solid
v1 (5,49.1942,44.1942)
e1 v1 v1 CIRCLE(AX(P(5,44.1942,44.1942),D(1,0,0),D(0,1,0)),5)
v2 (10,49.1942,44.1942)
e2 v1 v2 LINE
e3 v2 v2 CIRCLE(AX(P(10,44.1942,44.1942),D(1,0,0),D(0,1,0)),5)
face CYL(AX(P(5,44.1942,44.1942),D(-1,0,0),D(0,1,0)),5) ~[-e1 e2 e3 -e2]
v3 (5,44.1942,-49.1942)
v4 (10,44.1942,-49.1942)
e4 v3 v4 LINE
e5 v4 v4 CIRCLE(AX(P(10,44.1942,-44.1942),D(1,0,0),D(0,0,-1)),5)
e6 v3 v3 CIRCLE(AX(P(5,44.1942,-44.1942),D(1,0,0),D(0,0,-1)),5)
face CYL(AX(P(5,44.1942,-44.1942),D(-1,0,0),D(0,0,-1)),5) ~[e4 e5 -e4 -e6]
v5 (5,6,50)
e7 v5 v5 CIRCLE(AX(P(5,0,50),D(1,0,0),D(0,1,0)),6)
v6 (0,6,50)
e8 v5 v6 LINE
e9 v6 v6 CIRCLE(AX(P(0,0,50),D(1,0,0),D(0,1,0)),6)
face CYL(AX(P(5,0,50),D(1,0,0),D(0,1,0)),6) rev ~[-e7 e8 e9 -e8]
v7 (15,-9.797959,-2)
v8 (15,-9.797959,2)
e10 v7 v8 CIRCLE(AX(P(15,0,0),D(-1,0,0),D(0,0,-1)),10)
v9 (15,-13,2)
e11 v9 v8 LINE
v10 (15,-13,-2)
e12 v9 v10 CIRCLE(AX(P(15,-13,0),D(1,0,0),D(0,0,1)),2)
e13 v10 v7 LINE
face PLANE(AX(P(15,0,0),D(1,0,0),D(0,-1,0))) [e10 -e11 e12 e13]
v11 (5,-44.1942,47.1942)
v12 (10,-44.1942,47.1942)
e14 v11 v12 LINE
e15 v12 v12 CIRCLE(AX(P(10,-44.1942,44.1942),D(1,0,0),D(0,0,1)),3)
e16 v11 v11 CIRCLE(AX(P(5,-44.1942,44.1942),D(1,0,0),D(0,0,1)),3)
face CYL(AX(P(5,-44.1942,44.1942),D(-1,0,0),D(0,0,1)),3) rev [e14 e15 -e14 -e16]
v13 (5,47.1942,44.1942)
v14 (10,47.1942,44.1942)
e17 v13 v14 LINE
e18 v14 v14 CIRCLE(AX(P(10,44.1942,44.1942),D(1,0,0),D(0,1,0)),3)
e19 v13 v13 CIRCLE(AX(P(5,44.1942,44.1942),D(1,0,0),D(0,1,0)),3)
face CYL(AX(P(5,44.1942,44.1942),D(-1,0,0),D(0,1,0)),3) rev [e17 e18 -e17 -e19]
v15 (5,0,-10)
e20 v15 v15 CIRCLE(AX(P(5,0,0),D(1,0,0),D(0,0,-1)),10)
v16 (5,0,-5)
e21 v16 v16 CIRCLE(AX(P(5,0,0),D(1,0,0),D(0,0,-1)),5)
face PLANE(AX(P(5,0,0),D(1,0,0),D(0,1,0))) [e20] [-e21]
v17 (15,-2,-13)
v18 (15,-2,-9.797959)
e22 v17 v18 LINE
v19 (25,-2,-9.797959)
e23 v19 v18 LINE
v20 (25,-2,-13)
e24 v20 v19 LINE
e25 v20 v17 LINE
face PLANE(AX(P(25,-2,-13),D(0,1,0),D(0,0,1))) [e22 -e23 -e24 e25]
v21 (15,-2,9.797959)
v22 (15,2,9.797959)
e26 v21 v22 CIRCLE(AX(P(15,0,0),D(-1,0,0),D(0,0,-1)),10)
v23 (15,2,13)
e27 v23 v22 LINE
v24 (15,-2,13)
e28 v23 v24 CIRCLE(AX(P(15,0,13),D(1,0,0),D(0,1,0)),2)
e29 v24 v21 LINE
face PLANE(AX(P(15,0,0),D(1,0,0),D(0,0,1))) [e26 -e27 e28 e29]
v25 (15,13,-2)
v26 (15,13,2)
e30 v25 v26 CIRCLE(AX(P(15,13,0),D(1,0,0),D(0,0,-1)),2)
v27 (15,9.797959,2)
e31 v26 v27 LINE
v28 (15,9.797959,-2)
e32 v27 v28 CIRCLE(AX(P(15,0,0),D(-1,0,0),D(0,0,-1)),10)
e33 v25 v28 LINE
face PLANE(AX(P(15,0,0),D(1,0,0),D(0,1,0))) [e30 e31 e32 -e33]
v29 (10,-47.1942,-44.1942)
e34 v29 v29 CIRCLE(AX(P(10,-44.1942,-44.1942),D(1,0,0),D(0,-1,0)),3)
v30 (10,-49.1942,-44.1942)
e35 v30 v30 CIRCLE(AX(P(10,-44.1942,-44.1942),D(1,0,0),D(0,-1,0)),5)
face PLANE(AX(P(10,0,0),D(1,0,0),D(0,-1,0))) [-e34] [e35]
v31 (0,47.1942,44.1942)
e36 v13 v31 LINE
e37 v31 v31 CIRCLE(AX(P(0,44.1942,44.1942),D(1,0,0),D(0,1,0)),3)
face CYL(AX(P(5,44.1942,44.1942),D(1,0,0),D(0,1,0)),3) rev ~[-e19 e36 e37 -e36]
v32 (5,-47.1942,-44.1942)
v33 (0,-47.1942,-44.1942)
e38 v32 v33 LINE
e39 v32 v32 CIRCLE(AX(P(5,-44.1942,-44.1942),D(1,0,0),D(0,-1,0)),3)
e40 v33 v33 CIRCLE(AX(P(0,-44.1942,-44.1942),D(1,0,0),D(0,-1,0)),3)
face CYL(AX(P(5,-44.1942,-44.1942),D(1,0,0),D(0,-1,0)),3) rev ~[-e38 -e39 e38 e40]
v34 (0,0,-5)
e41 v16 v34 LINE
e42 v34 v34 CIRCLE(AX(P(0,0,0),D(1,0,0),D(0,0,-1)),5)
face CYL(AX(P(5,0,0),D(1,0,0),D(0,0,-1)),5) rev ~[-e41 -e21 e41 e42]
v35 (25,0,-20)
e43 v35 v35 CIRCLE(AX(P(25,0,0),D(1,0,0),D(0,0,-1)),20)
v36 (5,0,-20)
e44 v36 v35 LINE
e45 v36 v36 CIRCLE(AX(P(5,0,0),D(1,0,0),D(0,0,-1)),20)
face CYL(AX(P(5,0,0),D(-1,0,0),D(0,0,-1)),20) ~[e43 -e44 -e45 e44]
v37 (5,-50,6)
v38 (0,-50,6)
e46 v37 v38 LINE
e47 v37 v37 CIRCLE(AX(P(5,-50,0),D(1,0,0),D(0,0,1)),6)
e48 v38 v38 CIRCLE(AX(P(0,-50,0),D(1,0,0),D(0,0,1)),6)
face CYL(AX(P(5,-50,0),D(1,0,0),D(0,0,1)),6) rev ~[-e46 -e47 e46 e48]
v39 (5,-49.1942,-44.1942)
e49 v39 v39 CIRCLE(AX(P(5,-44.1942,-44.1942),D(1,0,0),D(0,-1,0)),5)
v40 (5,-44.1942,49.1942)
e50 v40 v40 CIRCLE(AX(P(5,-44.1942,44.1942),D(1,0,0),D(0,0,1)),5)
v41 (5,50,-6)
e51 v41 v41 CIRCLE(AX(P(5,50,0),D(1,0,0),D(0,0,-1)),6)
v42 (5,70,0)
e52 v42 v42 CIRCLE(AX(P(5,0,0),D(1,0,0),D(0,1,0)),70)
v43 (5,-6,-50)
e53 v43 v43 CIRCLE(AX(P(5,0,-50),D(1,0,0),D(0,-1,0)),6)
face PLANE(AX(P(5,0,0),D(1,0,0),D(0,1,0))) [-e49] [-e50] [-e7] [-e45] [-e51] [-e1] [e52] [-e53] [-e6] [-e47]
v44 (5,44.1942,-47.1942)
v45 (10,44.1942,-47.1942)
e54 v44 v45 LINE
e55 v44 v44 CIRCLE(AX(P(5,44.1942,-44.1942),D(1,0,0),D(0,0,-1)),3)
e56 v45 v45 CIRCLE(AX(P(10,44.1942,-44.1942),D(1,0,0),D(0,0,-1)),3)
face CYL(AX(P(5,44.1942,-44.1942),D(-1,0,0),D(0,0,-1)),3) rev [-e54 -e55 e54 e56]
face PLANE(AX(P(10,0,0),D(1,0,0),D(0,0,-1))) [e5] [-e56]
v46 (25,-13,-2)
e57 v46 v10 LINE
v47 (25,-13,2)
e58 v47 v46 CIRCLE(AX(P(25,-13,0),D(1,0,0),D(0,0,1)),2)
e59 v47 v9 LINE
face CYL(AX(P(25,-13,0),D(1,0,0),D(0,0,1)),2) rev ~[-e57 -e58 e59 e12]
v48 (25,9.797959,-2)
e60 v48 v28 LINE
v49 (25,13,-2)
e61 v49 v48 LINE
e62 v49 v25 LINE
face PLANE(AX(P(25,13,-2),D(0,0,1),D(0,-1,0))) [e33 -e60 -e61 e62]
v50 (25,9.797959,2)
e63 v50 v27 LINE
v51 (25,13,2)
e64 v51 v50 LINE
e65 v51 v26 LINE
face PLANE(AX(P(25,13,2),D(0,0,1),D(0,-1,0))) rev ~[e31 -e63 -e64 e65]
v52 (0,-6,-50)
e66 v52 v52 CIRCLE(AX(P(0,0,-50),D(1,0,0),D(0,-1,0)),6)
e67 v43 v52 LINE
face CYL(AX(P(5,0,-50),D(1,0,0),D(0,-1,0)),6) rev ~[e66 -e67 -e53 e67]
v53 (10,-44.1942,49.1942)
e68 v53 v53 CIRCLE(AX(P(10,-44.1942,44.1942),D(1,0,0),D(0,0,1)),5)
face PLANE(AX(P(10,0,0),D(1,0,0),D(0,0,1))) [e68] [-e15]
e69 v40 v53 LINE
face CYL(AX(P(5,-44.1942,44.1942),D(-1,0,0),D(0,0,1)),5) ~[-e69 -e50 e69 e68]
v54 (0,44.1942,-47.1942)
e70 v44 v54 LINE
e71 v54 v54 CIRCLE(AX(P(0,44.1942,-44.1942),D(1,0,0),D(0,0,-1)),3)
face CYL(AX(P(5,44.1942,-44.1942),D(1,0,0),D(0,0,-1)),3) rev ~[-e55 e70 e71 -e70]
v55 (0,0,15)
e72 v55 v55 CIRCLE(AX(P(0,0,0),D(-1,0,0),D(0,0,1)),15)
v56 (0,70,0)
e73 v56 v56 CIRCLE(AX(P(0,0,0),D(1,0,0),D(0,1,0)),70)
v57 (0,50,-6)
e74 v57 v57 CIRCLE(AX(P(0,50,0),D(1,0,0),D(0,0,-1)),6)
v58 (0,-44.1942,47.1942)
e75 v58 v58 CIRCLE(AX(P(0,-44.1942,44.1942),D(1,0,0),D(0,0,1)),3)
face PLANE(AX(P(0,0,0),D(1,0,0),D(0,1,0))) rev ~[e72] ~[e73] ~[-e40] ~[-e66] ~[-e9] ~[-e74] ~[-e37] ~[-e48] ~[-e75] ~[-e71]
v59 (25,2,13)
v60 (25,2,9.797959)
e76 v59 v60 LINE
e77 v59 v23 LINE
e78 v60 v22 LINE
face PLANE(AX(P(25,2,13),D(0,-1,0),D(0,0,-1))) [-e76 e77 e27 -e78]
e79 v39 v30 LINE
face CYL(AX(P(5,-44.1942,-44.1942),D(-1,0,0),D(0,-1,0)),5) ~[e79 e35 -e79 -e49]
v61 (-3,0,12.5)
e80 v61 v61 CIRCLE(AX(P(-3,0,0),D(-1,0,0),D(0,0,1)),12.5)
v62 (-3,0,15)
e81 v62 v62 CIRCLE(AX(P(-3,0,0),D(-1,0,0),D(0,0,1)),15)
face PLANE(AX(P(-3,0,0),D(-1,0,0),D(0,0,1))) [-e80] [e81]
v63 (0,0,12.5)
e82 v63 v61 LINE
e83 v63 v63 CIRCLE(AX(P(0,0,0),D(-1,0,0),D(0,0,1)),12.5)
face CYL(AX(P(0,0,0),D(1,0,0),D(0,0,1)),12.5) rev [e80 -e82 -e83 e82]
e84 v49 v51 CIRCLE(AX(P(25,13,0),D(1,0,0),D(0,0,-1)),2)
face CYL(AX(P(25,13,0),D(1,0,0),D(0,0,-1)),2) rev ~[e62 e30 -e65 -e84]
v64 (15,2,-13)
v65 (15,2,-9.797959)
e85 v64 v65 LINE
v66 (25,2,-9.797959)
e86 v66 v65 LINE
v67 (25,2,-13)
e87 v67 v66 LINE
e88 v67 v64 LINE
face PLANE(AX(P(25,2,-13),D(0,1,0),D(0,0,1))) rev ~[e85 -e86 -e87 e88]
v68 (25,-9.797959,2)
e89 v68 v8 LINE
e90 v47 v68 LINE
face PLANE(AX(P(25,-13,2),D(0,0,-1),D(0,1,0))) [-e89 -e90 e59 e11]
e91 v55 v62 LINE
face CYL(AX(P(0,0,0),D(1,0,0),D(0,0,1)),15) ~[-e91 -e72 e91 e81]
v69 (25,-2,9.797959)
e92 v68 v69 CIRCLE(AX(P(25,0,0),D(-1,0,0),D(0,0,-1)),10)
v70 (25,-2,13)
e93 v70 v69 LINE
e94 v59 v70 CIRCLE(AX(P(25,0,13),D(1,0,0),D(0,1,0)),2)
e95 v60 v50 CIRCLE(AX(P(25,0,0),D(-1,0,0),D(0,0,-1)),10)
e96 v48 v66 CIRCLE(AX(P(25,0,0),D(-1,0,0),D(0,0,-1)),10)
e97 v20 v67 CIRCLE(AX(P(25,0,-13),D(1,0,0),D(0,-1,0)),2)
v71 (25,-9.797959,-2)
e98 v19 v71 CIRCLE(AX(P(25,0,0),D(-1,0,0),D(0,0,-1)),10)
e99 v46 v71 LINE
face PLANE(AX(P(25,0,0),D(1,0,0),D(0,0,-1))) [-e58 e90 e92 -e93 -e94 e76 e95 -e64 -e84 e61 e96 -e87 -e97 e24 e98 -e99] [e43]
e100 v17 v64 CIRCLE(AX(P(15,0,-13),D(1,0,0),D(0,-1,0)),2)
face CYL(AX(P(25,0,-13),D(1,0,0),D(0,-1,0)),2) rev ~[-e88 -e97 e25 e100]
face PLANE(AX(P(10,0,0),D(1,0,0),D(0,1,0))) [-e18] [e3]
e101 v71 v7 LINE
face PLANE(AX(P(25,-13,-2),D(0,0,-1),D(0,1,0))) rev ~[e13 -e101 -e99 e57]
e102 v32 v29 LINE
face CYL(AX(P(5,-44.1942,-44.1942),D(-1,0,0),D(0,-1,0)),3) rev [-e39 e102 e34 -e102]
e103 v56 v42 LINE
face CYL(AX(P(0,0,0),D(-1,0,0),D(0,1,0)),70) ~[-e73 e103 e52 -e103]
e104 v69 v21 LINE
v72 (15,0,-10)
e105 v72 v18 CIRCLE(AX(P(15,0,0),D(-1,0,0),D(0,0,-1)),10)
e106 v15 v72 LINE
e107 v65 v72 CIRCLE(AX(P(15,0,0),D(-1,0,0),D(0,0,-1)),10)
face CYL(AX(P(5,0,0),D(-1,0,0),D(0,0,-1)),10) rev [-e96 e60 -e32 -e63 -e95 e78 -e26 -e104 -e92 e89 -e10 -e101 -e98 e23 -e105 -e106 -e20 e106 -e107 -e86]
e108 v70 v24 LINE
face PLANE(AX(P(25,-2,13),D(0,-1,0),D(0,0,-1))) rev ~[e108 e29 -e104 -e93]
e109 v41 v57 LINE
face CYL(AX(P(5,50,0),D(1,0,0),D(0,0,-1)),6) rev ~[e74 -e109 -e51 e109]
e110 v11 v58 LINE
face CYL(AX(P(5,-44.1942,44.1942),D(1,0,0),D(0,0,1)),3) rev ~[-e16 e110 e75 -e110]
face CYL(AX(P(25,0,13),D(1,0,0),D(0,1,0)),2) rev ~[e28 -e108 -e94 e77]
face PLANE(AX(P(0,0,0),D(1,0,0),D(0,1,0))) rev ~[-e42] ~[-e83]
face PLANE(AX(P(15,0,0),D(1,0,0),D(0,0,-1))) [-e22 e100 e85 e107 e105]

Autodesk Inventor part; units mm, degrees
ref_plane "YZ Plane" through (0, 0, 0) normal (1, 0, 0) x (0, 1, 0)
ref_plane "XY Plane" through (0, 0, 0) normal (0, 0, 1) x (1, 0, 0)
sketch "Sketch1" plane through (0, 0, 0) normal (1, 0, 0) x (0, 1, 0)
  circle A0 centre (0, 0) radius 70
  dimension "d2" = 140
extrude "Hub Face" add sketch "Sketch1" along normal blind 5
sketch "Sketch2" plane through (5, 0, 0) normal (1, 0, 0) x (0, 0, -1)
  circle A0 centre (0, 0) radius 50 construction
  circle A1 centre (0, 50) radius 6
  line L0 (0, 50) -> (0, 0) construction
  dimension "d4" = 100
  dimension "d3" = 12
extrude "Lug Bolt Hole" cut sketch "Sketch2" against normal up to surface (5 mm away)
pattern_circular "Lug Bolt Hole Pattern" count 4 over 360 about axis through (-10, 0, 0) along (1, 0, 0) of "Lug Bolt Hole"
sketch "Sketch3" plane through (5, 0, 0) normal (1, 0, 0) x (0, 0, -1)
  circle A0 centre (0, 0) radius 20
  circle A1 centre (0, 0) radius 10
  line L0 (-98, 0) -> (98, 0) construction
  line L1 (0, -98) -> (0, 98) construction
  arc A2 (13, -2) -> (13, 2) centre (13, 0) ccw
  arc A3 (7, 2) -> (7, -2) centre (7, 0) ccw
  line L2 (13, 2) -> (7, 2)
  line L3 (13, -2) -> (7, -2)
  point P0 (10, 0)
  point P1 (9.798, -2)
  point P2 (9.798, 2)
  dimension "d19" = 20
  dimension "d10" = 40
  dimension "d59" = 6
  dimension "d60" = 2
  dimension "d61" = 7
  dimension "d62" = 3
  dimension "d63" = 3
extrude "Hub Shaft" add sketch "Sketch3" along normal blind 20 contours A0 | A1 L2 A2 L3
ref_plane "Lock Pin Hole Plane" through (0, 15.875, 0) normal (0, 1, 0) x (-1, 0, 0)
sketch "Sketch10" plane through (25, 0, 0) normal (1, 0, 0) x (0, 0, -1)
  line L0 (-98, 0) -> (98, 0) construction
  arc A0 (7, 2) -> (7, -2) centre (7, 0) ccw projected
  line L1 (13, 2) -> (7, 2) projected
  line L2 (13, -2) -> (7, -2) projected
  arc A1 (13, -2) -> (13, 2) centre (13, 0) ccw projected
  point P0 (0, 0)
  dimension "d75" = 6
  dimension "d76" = 2
extrude "Key Slot" cut sketch "Sketch10" against normal blind 10
pattern_circular "Key Slot Pattern" count 4 over 360 about axis through (-10, 0, 0) along (1, 0, 0) of "Key Slot"
sketch "Sketch12" plane through (5, 0, 0) normal (1, 0, 0) x (0, 0, -1)
  arc A0 (-2, 9.798) -> (-9.798, 2) centre (0, 0) ccw construction
  arc A1 (-9.798, -2) -> (-2, -9.798) centre (0, 0) ccw construction
  arc A2 (2, -9.798) -> (9.798, -2) centre (0, 0) ccw construction
  arc A3 (9.798, 2) -> (2, 9.798) centre (0, 0) ccw construction
  circle A4 centre (0, 0) radius 10 construction
  circle A5 centre (0, 0) radius 10
  circle A6 centre (0, 0) radius 5
  dimension "d74" = 10
extrude "Extrusion10" cut sketch "Sketch12" against normal through all contours A6
sketch "Sketch13" plane through (0, 0, 0) normal (-1, 0, 0) x (0, 0, 1)
  circle A0 centre (0, 0) radius 15
  circle A1 centre (0, 0) radius 12.5
  dimension "d77" = 30
  dimension "d78" = 25
extrude "Extrusion11" add sketch "Sketch13" along normal blind 3
sketch "Sketch14" plane through (5, 0, 0) normal (1, 0, 0) x (0, 0, -1)
  circle A0 centre (0, 0) radius 62.5 construction
  circle A1 centre (44.1942, 44.1942) radius 5
  line L0 (-98, 0) -> (98, 0) construction
  line L1 (0, -98) -> (0, 98) construction
  line L2 (0, 0) -> (44.1942, 44.1942) construction
  circle A2 centre (44.1942, 44.1942) radius 3
  dimension "d81" = 125
  dimension "d82" = 45
  dimension "d83" = 10
  dimension "d84" = 6
extrude "Extrusion12" add sketch "Sketch14" along normal blind 5
extrude "Extrusion13" cut sketch "Sketch14" against normal through all contours A2
pattern_circular "Circular Pattern6" count 4 over 360 about axis through (-10, 0, 0) along (1, 0, 0) of "Extrusion12", "Extrusion13"
equation "\"d2\" = Hub_Diameter"
equation "\"d0\" = Hub_Thickness"
equation "\"d4\" = Lug_Bolt_Pattern_Diameter"
equation "\"d3\" = Lug_Bolt_Hole_Diameter"
equation "\"d17\" = Hub_Shaft_Length"
equation "\"Hub_Thickness\" = 5"
equation "\"Hub_Diameter\" = 140"
equation "\"Lug_Bolt_Hole_Diameter\" = 12"
equation "\"Hub_Shaft_Diameter\" = 1"
equation "\"Hub_Shaft_Wall_Thickness\" = 1"
equation "\"Hub_Shaft_Length\" = 20"
equation "\"Hub_Shaft_Outer_Diameter\" = 31.75"
equation "\"d20\" = 0.5 * Hub_Shaft_Outer_Diameter"
equation "\"Lock_Pin_Edge_Distance\" = 15"
equation "\"Wheel_Center_Hub_Diameter_Wall_Thickness\" = 5"
equation "\"Wheel_Center_Hub_Length\" = 5"
equation "\"Weight_Reduction_Hole_Angle\" = 45deg"
equation "\"Lug_Bolt_Pattern_Diameter\" = 100"
properties part number "Hub"
